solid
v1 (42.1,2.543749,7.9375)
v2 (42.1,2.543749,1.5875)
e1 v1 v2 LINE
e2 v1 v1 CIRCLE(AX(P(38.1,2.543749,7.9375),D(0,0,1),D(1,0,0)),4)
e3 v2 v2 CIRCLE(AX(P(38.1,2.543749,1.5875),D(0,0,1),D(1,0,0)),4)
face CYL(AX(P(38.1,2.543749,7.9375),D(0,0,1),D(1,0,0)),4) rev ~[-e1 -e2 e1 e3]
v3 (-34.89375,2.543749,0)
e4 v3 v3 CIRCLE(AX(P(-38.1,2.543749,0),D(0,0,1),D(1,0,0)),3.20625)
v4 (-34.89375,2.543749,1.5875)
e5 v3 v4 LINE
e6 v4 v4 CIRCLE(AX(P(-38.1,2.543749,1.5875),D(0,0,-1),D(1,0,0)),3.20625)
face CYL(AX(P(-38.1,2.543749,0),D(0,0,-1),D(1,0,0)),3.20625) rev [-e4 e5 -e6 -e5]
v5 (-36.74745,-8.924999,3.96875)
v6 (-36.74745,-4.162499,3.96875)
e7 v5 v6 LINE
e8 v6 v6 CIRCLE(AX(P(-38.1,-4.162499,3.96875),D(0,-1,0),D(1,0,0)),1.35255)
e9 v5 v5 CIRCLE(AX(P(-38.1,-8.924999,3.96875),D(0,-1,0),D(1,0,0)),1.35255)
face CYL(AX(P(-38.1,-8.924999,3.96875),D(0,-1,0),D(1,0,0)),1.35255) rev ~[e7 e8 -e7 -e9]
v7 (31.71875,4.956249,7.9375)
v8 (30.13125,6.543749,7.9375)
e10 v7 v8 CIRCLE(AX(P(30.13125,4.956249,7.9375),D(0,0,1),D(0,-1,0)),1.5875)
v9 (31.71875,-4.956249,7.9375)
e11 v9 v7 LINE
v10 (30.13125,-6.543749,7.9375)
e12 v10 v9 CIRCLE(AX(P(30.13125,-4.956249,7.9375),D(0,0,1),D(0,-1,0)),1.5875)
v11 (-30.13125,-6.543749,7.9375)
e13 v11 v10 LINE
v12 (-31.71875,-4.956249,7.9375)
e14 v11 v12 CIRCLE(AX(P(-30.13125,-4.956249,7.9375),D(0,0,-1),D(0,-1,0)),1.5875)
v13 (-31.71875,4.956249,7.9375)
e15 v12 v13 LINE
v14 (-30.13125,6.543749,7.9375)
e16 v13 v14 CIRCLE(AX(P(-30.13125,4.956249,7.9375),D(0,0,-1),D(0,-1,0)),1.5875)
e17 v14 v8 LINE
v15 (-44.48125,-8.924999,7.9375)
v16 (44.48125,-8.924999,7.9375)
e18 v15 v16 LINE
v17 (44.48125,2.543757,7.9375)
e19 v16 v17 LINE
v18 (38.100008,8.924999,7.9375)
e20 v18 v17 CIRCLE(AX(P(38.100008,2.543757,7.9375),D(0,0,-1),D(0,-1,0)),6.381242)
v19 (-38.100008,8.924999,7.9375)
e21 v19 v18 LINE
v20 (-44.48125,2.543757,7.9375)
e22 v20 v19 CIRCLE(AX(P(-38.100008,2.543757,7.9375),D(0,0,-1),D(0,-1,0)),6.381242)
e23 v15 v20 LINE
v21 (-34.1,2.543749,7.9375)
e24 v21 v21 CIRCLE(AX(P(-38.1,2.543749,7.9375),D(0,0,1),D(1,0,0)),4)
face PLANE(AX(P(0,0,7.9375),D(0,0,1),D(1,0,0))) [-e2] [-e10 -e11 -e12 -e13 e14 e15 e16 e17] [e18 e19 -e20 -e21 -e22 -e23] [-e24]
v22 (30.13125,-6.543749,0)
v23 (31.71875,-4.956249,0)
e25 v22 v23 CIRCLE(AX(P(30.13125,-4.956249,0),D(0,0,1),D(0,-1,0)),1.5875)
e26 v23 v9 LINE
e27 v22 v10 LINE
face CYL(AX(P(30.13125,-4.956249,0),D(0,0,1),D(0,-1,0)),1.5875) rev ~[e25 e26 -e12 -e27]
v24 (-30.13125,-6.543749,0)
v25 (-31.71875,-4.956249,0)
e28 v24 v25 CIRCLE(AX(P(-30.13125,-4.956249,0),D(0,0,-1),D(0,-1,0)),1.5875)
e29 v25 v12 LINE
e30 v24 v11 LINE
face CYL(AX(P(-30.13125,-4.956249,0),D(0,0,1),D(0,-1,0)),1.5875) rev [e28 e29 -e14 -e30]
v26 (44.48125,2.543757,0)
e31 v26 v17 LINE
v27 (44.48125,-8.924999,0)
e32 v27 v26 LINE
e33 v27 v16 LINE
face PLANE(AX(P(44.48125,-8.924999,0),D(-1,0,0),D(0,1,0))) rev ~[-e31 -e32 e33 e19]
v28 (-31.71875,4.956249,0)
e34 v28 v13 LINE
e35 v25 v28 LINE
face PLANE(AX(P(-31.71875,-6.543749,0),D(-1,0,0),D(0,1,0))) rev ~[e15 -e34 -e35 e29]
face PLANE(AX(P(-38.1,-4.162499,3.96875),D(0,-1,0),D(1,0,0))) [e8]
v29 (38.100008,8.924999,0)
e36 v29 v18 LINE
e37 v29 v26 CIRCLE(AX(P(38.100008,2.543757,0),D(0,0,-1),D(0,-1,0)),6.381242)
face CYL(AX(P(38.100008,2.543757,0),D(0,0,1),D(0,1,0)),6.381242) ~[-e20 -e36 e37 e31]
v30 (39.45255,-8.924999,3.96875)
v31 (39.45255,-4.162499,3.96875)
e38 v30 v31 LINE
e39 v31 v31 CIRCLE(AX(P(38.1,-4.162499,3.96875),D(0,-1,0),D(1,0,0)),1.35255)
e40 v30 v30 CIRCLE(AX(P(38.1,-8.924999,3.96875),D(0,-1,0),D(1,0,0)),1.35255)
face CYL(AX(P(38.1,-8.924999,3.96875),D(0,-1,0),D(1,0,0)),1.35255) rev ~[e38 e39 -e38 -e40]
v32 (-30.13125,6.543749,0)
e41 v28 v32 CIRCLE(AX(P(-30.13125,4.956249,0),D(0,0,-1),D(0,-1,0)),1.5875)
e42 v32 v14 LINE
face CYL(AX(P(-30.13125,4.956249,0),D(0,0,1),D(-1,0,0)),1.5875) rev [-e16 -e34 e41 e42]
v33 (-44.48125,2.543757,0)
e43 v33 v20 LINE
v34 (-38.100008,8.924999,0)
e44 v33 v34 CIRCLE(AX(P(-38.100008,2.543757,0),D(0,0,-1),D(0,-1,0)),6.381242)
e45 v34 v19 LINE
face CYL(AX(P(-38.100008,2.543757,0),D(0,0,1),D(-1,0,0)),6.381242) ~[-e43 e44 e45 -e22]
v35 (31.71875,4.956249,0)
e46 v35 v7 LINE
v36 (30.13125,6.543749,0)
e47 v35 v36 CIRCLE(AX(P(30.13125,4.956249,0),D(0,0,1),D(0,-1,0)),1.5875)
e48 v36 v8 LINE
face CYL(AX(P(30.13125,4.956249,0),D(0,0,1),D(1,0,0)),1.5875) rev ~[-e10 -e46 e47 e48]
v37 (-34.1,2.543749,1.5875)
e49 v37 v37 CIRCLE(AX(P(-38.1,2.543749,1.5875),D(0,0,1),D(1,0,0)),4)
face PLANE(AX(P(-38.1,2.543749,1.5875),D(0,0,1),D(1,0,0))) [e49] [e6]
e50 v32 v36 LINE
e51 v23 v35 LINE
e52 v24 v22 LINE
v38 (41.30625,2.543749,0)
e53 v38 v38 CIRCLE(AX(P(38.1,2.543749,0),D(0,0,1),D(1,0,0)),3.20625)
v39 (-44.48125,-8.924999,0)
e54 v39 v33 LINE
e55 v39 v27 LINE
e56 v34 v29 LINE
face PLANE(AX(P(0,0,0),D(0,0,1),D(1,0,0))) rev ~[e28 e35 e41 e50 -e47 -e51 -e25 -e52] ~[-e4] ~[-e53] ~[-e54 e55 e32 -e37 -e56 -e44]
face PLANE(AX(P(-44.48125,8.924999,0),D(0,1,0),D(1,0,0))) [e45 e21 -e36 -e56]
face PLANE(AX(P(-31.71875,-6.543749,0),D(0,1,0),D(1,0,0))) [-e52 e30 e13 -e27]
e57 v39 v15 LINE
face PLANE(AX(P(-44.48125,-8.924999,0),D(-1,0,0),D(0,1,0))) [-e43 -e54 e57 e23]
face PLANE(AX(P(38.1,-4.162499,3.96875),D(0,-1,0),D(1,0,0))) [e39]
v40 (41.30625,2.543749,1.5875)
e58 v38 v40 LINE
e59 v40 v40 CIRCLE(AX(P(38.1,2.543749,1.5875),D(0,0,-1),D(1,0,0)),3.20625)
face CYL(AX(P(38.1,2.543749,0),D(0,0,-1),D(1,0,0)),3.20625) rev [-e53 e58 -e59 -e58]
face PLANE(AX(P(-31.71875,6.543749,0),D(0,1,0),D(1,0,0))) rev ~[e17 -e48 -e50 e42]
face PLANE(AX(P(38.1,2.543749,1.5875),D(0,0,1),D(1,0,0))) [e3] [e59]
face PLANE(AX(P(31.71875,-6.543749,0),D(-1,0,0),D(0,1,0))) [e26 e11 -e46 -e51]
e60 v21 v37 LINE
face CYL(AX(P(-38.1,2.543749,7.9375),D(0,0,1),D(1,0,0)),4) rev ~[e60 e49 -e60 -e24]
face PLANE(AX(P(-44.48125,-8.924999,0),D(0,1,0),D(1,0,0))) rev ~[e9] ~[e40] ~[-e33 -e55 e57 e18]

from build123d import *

# Parameters (mm, degrees)
F0_W     = 88.9625
F0_H     = 17.849998
F0_R     = 3.20625
F0_W_2   = 63.4375
F0_H_2   = 13.087498
F1_DEPTH = 7.9375
F3_R     = 4
F4_DEPTH = 6.35
F5_R     = 1.35255
F6_DEPTH = 4.7625
F7_R     = 1.5875
F8_R     = 6.381242


with BuildPart() as f1:
    # F0 (on Top) → F1 (new body)
    with BuildSketch(Plane.XY):
        Rectangle(F0_W, F0_H)
        with Locations((-38.1, 2.543749)):
            Circle(F0_R, mode=Mode.SUBTRACT)
        Rectangle(F0_W_2, F0_H_2, mode=Mode.SUBTRACT)
        with Locations((38.1, 2.543749)):
            Circle(F0_R, mode=Mode.SUBTRACT)
    extrude(amount=F1_DEPTH)

    # F3 (on face) → F4 (cut, through all)
    with BuildSketch(Plane.XY.offset(7.9375)):
        with Locations((-38.1, 2.543749)):
            Circle(F3_R)
        with Locations((38.1, 2.543749)):
            Circle(F3_R)
    extrude(amount=-F4_DEPTH, mode=Mode.SUBTRACT)

    # F5 (on face) → F6 (cut)
    with BuildSketch(Plane.XZ.offset(8.924999)):
        with Locations((-38.1, 3.96875)):
            Circle(F5_R)
        with Locations((38.1, 3.96875)):
            Circle(F5_R)
    extrude(amount=-F6_DEPTH, mode=Mode.SUBTRACT)

    # F7
    f7_edges = [f1.edges().sort_by_distance(p)[0] for p in [
        (31.71875, 6.543749, 3.96875),
        (31.71875, -6.543749, 3.96875),
        (-31.71875, -6.543749, 3.96875),
        (-31.71875, 6.543749, 3.96875),
    ]]
    fillet(f7_edges, radius=F7_R)

    # F8
    f8_edges = [f1.edges().sort_by_distance(p)[0] for p in [
        (44.48125, 8.924999, 3.96875),
        (-44.48125, 8.924999, 3.96875),
    ]]
    fillet(f8_edges, radius=F8_R)


solid = f1.part
